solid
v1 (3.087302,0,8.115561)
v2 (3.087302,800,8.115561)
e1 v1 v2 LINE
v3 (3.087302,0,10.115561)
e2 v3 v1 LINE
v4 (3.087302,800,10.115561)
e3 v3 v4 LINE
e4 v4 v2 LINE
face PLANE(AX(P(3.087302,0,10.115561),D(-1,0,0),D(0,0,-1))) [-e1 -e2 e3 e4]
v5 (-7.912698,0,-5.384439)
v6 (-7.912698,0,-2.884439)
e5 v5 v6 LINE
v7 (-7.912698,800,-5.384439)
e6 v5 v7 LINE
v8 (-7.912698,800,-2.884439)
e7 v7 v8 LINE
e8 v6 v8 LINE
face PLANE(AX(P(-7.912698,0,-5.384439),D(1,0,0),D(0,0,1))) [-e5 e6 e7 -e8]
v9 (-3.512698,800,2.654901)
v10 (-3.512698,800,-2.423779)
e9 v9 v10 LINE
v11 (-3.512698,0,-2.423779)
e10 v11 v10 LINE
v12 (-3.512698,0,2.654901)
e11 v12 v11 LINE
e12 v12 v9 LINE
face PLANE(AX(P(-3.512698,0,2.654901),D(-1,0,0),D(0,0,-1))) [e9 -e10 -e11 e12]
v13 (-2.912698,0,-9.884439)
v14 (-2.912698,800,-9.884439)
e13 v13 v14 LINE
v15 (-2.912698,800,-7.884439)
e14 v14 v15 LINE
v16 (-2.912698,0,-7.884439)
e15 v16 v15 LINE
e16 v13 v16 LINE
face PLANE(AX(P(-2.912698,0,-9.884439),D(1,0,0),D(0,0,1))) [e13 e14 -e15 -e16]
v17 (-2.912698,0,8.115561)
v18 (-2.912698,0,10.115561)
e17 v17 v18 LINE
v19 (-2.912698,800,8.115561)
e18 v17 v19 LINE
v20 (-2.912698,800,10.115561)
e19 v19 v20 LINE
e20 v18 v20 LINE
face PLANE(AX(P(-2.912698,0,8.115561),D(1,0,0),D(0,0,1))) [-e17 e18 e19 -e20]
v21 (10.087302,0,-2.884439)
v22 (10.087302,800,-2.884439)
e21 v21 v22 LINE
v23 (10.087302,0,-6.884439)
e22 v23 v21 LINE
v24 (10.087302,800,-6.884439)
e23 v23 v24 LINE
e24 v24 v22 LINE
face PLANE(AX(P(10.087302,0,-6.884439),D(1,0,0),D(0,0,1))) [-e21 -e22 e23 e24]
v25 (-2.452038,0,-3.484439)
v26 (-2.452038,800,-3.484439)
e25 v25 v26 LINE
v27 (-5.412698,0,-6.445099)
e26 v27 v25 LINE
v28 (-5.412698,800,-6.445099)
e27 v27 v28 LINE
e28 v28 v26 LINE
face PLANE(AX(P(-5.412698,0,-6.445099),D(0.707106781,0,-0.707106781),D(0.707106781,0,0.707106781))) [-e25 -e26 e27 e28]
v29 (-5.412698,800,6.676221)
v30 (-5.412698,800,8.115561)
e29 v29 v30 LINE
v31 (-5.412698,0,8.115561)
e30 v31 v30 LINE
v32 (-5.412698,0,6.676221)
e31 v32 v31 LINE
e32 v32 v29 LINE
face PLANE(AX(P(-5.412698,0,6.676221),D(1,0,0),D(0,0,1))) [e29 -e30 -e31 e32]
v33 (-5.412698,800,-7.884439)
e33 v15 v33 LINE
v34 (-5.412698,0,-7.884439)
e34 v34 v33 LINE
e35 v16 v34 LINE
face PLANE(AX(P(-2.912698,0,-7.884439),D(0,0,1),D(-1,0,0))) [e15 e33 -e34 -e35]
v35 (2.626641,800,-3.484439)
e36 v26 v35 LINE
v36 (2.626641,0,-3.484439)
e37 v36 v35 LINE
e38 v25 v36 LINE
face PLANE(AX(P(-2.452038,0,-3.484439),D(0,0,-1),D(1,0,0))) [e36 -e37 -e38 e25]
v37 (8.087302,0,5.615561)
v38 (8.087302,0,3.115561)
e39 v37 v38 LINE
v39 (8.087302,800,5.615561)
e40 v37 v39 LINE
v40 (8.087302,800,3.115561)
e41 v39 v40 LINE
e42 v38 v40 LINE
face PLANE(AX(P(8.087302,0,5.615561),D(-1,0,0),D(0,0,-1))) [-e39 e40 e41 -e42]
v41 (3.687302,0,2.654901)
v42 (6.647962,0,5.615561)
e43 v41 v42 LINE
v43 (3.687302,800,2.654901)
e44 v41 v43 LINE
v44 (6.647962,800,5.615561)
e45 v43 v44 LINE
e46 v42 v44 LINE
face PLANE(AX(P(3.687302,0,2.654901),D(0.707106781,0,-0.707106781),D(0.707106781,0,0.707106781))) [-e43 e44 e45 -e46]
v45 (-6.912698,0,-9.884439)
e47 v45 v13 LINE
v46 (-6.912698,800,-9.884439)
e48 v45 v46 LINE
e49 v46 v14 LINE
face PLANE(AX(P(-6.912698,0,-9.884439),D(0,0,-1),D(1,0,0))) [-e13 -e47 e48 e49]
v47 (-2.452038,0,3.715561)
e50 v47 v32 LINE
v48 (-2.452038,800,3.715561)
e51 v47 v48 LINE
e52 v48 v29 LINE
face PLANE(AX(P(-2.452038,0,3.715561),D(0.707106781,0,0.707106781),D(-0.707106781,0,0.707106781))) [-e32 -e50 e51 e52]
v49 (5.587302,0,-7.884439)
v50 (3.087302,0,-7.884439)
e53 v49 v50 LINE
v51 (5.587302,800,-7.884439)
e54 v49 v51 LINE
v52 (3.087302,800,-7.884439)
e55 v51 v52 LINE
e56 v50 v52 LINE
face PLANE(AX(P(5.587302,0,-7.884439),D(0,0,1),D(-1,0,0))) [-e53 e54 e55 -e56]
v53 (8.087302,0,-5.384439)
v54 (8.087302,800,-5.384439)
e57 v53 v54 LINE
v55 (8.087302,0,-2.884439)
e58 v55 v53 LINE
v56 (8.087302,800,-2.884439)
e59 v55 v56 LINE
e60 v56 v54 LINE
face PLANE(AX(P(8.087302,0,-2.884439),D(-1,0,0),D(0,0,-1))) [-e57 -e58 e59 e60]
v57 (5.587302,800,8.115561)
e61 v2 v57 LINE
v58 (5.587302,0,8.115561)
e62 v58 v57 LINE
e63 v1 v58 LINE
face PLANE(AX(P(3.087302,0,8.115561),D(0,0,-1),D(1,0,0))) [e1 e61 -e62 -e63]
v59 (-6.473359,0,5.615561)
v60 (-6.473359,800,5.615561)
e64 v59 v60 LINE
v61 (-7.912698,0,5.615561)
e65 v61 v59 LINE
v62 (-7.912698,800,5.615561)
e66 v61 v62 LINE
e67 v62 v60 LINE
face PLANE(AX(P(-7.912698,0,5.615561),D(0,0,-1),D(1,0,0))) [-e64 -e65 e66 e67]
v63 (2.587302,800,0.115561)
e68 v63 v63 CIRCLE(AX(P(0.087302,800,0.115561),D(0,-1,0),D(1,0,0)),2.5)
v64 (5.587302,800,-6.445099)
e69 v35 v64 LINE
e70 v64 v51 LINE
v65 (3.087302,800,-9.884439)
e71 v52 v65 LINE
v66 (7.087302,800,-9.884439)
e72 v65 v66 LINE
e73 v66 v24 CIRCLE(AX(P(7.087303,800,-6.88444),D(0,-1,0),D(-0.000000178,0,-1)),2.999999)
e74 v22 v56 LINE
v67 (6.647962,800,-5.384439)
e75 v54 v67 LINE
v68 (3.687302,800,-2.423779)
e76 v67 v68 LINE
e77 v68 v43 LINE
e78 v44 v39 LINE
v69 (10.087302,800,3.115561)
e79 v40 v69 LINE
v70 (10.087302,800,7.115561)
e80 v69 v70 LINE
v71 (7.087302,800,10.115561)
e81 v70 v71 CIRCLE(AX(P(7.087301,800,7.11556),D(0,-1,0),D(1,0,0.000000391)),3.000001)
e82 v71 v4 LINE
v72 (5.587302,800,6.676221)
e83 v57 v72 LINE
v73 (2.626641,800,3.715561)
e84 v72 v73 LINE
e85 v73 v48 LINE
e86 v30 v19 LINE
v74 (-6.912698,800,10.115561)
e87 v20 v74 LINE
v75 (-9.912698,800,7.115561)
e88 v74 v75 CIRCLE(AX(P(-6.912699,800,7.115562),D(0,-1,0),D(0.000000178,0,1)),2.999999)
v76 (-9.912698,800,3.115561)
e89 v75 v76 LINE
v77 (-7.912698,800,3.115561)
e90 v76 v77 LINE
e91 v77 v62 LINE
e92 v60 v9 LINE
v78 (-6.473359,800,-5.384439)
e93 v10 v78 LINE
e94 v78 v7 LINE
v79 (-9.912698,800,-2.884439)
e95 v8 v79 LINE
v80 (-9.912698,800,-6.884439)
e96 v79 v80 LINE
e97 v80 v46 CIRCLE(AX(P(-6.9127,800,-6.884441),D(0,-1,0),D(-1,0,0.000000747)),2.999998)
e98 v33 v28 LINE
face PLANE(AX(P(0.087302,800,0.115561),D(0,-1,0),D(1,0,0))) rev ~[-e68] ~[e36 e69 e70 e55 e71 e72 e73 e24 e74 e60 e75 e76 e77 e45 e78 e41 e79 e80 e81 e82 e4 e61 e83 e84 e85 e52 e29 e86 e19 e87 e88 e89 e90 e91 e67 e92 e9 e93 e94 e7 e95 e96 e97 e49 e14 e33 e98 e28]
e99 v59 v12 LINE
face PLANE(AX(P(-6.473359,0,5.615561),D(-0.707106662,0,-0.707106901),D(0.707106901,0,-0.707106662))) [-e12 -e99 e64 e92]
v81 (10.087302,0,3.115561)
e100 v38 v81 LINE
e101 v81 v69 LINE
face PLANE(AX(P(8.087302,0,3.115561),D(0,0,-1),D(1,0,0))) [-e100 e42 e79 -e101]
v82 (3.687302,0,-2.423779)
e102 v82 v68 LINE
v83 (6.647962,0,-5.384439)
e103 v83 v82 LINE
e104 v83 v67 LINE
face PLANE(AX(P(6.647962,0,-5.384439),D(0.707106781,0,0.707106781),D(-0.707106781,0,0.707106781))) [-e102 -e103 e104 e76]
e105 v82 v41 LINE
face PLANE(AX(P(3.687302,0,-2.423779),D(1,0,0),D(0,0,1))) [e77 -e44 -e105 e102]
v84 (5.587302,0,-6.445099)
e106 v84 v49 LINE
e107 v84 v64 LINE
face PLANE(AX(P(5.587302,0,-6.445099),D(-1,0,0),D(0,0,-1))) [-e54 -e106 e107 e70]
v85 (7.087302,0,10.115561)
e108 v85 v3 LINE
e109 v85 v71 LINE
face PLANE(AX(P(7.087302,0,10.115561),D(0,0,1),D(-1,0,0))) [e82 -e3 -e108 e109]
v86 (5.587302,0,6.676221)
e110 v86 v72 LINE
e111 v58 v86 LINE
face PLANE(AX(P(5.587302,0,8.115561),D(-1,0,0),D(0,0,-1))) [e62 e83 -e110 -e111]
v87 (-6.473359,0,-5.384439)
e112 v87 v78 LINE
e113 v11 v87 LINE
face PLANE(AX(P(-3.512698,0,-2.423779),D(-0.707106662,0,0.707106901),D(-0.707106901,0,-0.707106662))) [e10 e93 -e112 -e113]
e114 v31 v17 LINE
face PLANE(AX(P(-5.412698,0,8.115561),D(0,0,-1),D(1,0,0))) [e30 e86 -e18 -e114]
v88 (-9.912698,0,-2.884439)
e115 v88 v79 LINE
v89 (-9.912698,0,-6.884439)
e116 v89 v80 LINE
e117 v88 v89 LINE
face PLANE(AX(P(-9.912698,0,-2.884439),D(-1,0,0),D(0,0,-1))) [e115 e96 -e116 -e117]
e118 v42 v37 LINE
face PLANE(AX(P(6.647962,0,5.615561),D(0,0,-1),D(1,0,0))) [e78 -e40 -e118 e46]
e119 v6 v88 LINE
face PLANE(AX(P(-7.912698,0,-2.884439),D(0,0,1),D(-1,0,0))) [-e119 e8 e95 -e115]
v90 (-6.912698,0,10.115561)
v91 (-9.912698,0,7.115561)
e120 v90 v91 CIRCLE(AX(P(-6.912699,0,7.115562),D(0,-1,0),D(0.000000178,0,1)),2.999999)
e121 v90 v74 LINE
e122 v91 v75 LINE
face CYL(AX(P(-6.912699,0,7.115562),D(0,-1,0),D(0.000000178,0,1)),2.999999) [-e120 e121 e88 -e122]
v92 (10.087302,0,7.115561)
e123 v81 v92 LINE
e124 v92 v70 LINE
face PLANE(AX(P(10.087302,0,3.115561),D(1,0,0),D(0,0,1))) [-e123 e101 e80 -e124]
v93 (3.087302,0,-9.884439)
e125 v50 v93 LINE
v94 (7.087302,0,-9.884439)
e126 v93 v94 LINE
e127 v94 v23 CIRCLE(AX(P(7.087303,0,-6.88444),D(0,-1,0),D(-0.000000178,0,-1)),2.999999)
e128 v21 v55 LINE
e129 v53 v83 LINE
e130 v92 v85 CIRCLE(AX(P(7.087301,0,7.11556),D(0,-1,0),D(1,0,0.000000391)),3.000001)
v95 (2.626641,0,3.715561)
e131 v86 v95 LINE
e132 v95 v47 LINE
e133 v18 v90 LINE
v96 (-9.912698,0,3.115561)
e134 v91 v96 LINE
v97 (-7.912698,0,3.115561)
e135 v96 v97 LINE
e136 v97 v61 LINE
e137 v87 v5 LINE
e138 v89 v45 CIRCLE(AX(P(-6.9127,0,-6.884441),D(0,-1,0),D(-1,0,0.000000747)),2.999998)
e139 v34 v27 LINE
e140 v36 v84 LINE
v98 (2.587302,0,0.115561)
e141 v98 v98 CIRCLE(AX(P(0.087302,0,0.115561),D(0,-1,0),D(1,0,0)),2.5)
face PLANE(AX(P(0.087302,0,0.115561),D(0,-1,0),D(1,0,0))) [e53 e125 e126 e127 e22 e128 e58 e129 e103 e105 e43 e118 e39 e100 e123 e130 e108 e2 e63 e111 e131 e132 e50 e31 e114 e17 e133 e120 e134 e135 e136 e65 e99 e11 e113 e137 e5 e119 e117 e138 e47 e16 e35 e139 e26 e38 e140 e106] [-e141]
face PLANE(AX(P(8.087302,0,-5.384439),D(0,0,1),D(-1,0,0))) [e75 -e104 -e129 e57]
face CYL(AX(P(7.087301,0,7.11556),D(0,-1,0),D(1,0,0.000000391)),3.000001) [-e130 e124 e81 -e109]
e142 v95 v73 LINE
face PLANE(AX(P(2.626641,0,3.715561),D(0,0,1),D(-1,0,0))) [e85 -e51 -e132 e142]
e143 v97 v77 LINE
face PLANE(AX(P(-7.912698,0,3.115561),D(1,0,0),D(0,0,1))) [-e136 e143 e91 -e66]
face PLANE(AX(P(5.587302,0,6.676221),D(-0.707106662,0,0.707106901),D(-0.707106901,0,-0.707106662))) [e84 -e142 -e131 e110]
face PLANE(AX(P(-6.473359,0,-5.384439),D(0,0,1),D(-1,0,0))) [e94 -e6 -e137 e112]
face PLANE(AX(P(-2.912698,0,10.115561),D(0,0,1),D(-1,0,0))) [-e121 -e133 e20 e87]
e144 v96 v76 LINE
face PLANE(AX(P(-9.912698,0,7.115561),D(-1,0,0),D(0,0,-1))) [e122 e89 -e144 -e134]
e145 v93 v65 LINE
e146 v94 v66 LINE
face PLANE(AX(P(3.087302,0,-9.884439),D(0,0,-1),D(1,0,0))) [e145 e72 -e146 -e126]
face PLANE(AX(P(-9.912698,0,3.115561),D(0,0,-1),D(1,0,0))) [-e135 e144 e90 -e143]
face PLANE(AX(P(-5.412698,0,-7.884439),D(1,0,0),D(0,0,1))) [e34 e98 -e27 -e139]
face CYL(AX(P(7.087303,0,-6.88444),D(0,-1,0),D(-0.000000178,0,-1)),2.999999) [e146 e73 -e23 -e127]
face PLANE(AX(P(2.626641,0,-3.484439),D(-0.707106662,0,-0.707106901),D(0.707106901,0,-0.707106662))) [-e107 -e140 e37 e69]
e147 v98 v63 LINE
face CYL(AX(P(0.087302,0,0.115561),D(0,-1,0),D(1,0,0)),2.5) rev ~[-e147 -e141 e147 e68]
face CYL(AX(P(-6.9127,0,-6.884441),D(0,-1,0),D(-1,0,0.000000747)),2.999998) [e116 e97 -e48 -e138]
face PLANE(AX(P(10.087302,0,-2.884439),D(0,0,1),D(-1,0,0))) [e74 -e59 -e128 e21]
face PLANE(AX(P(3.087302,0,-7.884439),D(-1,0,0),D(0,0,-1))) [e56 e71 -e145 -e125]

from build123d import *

# Parameters (mm, degrees)
F0_R     = 2.5
F1_DEPTH = 800


with BuildPart() as f1:
    # F0 (on Front) → F1 (new body)
    with BuildSketch(Plane.XZ):
        with BuildLine():
            Line((3.087302, -9.884439), (7.087302, -9.884439))
            ThreePointArc((7.087302, -9.884439), (9.208622, -9.00576), (10.087302, -6.884439))
            Line((10.087302, -6.884439), (10.087302, -2.884439))
            Line((10.087302, -2.884439), (8.087302, -2.884439))
            Line((8.087302, -2.884439), (8.087302, -5.384439))
            Line((8.087302, -5.384439), (8.087302, -6.823779))
            Line((8.087302, -6.823779), (6.647962, -5.384439))
            Line((6.647962, -5.384439), (3.687302, -2.423779))
            Line((3.687302, -2.423779), (3.687302, 2.654901))
            Line((3.687302, 2.654901), (6.647962, 5.615561))
            Line((6.647962, 5.615561), (8.087302, 7.054901))
            Line((8.087302, 7.054901), (8.087302, 5.615561))
            Line((8.087302, 5.615561), (8.087302, 3.115561))
            Line((8.087302, 3.115561), (10.087302, 3.115561))
            Line((10.087302, 3.115561), (10.087302, 7.115561))
            ThreePointArc((10.087302, 7.115561), (9.208622, 9.236881), (7.087302, 10.115561))
            Line((7.087302, 10.115561), (3.087302, 10.115561))
            Line((3.087302, 10.115561), (3.087302, 8.115561))
            Line((3.087302, 8.115561), (5.587302, 8.115561))
            Line((5.587302, 8.115561), (7.026641, 8.115561))
            Line((7.026641, 8.115561), (5.587302, 6.676221))
            Line((5.587302, 6.676221), (2.626641, 3.715561))
            Line((2.626641, 3.715561), (-2.452038, 3.715561))
            Line((-2.452038, 3.715561), (-5.412698, 6.676221))
            Line((-5.412698, 6.676221), (-6.852038, 8.115561))
            Line((-6.852038, 8.115561), (-5.412698, 8.115561))
            Line((-5.412698, 8.115561), (-2.912698, 8.115561))
            Line((-2.912698, 8.115561), (-2.912698, 10.115561))
            Line((-2.912698, 10.115561), (-6.912698, 10.115561))
            ThreePointArc((-6.912698, 10.115561), (-9.034019, 9.236881), (-9.912698, 7.115561))
            Line((-9.912698, 7.115561), (-9.912698, 3.115561))
            Line((-9.912698, 3.115561), (-7.912698, 3.115561))
            Line((-7.912698, 3.115561), (-7.912698, 5.615561))
            Line((-7.912698, 5.615561), (-7.912698, 7.054901))
            Line((-7.912698, 7.054901), (-6.473359, 5.615561))
            Line((-6.473359, 5.615561), (-3.512698, 2.654901))
            Line((-3.512698, 2.654901), (-3.512698, -2.423779))
            Line((-3.512698, -2.423779), (-6.473359, -5.384439))
            Line((-6.473359, -5.384439), (-7.912698, -6.823779))
            Line((-7.912698, -6.823779), (-7.912698, -5.384439))
            Line((-7.912698, -5.384439), (-7.912698, -2.884439))
            Line((-7.912698, -2.884439), (-9.912698, -2.884439))
            Line((-9.912698, -2.884439), (-9.912698, -6.884439))
            ThreePointArc((-9.912698, -6.884439), (-9.034019, -9.00576), (-6.912698, -9.884439))
            Line((-6.912698, -9.884439), (-2.912698, -9.884439))
            Line((-2.912698, -9.884439), (-2.912698, -7.884439))
            Line((-2.912698, -7.884439), (-5.412698, -7.884439))
            Line((-5.412698, -7.884439), (-6.852038, -7.884439))
            Line((-6.852038, -7.884439), (-5.412698, -6.445099))
            Line((-5.412698, -6.445099), (-2.452038, -3.484439))
            Line((-2.452038, -3.484439), (2.626641, -3.484439))
            Line((2.626641, -3.484439), (5.587302, -6.445099))
            Line((5.587302, -6.445099), (7.026641, -7.884439))
            Line((7.026641, -7.884439), (5.587302, -7.884439))
            Line((5.587302, -7.884439), (3.087302, -7.884439))
            Line((3.087302, -7.884439), (3.087302, -9.884439))
        make_face()
        with Locations((0.087302, 0.115561)):
            Circle(F0_R, mode=Mode.SUBTRACT)
        Polygon((5.587302, -6.445099), (5.587302, -7.884439), (7.026641, -7.884439), align=None)
        Polygon((8.087302, -6.823779), (8.087302, -5.384439), (6.647962, -5.384439), align=None)
        Polygon((-5.412698, -7.884439), (-5.412698, -6.445099), (-6.852038, -7.884439), align=None)
        Polygon((8.087302, 7.054901), (6.647962, 5.615561), (8.087302, 5.615561), align=None)
        Polygon((-6.473359, -5.384439), (-7.912698, -5.384439), (-7.912698, -6.823779), align=None)
        Polygon((7.026641, 8.115561), (5.587302, 8.115561), (5.587302, 6.676221), align=None)
        Polygon((-7.912698, 5.615561), (-6.473359, 5.615561), (-7.912698, 7.054901), align=None)
        Polygon((-6.852038, 8.115561), (-5.412698, 6.676221), (-5.412698, 8.115561), align=None)
    extrude(amount=-F1_DEPTH)


solid = f1.part
